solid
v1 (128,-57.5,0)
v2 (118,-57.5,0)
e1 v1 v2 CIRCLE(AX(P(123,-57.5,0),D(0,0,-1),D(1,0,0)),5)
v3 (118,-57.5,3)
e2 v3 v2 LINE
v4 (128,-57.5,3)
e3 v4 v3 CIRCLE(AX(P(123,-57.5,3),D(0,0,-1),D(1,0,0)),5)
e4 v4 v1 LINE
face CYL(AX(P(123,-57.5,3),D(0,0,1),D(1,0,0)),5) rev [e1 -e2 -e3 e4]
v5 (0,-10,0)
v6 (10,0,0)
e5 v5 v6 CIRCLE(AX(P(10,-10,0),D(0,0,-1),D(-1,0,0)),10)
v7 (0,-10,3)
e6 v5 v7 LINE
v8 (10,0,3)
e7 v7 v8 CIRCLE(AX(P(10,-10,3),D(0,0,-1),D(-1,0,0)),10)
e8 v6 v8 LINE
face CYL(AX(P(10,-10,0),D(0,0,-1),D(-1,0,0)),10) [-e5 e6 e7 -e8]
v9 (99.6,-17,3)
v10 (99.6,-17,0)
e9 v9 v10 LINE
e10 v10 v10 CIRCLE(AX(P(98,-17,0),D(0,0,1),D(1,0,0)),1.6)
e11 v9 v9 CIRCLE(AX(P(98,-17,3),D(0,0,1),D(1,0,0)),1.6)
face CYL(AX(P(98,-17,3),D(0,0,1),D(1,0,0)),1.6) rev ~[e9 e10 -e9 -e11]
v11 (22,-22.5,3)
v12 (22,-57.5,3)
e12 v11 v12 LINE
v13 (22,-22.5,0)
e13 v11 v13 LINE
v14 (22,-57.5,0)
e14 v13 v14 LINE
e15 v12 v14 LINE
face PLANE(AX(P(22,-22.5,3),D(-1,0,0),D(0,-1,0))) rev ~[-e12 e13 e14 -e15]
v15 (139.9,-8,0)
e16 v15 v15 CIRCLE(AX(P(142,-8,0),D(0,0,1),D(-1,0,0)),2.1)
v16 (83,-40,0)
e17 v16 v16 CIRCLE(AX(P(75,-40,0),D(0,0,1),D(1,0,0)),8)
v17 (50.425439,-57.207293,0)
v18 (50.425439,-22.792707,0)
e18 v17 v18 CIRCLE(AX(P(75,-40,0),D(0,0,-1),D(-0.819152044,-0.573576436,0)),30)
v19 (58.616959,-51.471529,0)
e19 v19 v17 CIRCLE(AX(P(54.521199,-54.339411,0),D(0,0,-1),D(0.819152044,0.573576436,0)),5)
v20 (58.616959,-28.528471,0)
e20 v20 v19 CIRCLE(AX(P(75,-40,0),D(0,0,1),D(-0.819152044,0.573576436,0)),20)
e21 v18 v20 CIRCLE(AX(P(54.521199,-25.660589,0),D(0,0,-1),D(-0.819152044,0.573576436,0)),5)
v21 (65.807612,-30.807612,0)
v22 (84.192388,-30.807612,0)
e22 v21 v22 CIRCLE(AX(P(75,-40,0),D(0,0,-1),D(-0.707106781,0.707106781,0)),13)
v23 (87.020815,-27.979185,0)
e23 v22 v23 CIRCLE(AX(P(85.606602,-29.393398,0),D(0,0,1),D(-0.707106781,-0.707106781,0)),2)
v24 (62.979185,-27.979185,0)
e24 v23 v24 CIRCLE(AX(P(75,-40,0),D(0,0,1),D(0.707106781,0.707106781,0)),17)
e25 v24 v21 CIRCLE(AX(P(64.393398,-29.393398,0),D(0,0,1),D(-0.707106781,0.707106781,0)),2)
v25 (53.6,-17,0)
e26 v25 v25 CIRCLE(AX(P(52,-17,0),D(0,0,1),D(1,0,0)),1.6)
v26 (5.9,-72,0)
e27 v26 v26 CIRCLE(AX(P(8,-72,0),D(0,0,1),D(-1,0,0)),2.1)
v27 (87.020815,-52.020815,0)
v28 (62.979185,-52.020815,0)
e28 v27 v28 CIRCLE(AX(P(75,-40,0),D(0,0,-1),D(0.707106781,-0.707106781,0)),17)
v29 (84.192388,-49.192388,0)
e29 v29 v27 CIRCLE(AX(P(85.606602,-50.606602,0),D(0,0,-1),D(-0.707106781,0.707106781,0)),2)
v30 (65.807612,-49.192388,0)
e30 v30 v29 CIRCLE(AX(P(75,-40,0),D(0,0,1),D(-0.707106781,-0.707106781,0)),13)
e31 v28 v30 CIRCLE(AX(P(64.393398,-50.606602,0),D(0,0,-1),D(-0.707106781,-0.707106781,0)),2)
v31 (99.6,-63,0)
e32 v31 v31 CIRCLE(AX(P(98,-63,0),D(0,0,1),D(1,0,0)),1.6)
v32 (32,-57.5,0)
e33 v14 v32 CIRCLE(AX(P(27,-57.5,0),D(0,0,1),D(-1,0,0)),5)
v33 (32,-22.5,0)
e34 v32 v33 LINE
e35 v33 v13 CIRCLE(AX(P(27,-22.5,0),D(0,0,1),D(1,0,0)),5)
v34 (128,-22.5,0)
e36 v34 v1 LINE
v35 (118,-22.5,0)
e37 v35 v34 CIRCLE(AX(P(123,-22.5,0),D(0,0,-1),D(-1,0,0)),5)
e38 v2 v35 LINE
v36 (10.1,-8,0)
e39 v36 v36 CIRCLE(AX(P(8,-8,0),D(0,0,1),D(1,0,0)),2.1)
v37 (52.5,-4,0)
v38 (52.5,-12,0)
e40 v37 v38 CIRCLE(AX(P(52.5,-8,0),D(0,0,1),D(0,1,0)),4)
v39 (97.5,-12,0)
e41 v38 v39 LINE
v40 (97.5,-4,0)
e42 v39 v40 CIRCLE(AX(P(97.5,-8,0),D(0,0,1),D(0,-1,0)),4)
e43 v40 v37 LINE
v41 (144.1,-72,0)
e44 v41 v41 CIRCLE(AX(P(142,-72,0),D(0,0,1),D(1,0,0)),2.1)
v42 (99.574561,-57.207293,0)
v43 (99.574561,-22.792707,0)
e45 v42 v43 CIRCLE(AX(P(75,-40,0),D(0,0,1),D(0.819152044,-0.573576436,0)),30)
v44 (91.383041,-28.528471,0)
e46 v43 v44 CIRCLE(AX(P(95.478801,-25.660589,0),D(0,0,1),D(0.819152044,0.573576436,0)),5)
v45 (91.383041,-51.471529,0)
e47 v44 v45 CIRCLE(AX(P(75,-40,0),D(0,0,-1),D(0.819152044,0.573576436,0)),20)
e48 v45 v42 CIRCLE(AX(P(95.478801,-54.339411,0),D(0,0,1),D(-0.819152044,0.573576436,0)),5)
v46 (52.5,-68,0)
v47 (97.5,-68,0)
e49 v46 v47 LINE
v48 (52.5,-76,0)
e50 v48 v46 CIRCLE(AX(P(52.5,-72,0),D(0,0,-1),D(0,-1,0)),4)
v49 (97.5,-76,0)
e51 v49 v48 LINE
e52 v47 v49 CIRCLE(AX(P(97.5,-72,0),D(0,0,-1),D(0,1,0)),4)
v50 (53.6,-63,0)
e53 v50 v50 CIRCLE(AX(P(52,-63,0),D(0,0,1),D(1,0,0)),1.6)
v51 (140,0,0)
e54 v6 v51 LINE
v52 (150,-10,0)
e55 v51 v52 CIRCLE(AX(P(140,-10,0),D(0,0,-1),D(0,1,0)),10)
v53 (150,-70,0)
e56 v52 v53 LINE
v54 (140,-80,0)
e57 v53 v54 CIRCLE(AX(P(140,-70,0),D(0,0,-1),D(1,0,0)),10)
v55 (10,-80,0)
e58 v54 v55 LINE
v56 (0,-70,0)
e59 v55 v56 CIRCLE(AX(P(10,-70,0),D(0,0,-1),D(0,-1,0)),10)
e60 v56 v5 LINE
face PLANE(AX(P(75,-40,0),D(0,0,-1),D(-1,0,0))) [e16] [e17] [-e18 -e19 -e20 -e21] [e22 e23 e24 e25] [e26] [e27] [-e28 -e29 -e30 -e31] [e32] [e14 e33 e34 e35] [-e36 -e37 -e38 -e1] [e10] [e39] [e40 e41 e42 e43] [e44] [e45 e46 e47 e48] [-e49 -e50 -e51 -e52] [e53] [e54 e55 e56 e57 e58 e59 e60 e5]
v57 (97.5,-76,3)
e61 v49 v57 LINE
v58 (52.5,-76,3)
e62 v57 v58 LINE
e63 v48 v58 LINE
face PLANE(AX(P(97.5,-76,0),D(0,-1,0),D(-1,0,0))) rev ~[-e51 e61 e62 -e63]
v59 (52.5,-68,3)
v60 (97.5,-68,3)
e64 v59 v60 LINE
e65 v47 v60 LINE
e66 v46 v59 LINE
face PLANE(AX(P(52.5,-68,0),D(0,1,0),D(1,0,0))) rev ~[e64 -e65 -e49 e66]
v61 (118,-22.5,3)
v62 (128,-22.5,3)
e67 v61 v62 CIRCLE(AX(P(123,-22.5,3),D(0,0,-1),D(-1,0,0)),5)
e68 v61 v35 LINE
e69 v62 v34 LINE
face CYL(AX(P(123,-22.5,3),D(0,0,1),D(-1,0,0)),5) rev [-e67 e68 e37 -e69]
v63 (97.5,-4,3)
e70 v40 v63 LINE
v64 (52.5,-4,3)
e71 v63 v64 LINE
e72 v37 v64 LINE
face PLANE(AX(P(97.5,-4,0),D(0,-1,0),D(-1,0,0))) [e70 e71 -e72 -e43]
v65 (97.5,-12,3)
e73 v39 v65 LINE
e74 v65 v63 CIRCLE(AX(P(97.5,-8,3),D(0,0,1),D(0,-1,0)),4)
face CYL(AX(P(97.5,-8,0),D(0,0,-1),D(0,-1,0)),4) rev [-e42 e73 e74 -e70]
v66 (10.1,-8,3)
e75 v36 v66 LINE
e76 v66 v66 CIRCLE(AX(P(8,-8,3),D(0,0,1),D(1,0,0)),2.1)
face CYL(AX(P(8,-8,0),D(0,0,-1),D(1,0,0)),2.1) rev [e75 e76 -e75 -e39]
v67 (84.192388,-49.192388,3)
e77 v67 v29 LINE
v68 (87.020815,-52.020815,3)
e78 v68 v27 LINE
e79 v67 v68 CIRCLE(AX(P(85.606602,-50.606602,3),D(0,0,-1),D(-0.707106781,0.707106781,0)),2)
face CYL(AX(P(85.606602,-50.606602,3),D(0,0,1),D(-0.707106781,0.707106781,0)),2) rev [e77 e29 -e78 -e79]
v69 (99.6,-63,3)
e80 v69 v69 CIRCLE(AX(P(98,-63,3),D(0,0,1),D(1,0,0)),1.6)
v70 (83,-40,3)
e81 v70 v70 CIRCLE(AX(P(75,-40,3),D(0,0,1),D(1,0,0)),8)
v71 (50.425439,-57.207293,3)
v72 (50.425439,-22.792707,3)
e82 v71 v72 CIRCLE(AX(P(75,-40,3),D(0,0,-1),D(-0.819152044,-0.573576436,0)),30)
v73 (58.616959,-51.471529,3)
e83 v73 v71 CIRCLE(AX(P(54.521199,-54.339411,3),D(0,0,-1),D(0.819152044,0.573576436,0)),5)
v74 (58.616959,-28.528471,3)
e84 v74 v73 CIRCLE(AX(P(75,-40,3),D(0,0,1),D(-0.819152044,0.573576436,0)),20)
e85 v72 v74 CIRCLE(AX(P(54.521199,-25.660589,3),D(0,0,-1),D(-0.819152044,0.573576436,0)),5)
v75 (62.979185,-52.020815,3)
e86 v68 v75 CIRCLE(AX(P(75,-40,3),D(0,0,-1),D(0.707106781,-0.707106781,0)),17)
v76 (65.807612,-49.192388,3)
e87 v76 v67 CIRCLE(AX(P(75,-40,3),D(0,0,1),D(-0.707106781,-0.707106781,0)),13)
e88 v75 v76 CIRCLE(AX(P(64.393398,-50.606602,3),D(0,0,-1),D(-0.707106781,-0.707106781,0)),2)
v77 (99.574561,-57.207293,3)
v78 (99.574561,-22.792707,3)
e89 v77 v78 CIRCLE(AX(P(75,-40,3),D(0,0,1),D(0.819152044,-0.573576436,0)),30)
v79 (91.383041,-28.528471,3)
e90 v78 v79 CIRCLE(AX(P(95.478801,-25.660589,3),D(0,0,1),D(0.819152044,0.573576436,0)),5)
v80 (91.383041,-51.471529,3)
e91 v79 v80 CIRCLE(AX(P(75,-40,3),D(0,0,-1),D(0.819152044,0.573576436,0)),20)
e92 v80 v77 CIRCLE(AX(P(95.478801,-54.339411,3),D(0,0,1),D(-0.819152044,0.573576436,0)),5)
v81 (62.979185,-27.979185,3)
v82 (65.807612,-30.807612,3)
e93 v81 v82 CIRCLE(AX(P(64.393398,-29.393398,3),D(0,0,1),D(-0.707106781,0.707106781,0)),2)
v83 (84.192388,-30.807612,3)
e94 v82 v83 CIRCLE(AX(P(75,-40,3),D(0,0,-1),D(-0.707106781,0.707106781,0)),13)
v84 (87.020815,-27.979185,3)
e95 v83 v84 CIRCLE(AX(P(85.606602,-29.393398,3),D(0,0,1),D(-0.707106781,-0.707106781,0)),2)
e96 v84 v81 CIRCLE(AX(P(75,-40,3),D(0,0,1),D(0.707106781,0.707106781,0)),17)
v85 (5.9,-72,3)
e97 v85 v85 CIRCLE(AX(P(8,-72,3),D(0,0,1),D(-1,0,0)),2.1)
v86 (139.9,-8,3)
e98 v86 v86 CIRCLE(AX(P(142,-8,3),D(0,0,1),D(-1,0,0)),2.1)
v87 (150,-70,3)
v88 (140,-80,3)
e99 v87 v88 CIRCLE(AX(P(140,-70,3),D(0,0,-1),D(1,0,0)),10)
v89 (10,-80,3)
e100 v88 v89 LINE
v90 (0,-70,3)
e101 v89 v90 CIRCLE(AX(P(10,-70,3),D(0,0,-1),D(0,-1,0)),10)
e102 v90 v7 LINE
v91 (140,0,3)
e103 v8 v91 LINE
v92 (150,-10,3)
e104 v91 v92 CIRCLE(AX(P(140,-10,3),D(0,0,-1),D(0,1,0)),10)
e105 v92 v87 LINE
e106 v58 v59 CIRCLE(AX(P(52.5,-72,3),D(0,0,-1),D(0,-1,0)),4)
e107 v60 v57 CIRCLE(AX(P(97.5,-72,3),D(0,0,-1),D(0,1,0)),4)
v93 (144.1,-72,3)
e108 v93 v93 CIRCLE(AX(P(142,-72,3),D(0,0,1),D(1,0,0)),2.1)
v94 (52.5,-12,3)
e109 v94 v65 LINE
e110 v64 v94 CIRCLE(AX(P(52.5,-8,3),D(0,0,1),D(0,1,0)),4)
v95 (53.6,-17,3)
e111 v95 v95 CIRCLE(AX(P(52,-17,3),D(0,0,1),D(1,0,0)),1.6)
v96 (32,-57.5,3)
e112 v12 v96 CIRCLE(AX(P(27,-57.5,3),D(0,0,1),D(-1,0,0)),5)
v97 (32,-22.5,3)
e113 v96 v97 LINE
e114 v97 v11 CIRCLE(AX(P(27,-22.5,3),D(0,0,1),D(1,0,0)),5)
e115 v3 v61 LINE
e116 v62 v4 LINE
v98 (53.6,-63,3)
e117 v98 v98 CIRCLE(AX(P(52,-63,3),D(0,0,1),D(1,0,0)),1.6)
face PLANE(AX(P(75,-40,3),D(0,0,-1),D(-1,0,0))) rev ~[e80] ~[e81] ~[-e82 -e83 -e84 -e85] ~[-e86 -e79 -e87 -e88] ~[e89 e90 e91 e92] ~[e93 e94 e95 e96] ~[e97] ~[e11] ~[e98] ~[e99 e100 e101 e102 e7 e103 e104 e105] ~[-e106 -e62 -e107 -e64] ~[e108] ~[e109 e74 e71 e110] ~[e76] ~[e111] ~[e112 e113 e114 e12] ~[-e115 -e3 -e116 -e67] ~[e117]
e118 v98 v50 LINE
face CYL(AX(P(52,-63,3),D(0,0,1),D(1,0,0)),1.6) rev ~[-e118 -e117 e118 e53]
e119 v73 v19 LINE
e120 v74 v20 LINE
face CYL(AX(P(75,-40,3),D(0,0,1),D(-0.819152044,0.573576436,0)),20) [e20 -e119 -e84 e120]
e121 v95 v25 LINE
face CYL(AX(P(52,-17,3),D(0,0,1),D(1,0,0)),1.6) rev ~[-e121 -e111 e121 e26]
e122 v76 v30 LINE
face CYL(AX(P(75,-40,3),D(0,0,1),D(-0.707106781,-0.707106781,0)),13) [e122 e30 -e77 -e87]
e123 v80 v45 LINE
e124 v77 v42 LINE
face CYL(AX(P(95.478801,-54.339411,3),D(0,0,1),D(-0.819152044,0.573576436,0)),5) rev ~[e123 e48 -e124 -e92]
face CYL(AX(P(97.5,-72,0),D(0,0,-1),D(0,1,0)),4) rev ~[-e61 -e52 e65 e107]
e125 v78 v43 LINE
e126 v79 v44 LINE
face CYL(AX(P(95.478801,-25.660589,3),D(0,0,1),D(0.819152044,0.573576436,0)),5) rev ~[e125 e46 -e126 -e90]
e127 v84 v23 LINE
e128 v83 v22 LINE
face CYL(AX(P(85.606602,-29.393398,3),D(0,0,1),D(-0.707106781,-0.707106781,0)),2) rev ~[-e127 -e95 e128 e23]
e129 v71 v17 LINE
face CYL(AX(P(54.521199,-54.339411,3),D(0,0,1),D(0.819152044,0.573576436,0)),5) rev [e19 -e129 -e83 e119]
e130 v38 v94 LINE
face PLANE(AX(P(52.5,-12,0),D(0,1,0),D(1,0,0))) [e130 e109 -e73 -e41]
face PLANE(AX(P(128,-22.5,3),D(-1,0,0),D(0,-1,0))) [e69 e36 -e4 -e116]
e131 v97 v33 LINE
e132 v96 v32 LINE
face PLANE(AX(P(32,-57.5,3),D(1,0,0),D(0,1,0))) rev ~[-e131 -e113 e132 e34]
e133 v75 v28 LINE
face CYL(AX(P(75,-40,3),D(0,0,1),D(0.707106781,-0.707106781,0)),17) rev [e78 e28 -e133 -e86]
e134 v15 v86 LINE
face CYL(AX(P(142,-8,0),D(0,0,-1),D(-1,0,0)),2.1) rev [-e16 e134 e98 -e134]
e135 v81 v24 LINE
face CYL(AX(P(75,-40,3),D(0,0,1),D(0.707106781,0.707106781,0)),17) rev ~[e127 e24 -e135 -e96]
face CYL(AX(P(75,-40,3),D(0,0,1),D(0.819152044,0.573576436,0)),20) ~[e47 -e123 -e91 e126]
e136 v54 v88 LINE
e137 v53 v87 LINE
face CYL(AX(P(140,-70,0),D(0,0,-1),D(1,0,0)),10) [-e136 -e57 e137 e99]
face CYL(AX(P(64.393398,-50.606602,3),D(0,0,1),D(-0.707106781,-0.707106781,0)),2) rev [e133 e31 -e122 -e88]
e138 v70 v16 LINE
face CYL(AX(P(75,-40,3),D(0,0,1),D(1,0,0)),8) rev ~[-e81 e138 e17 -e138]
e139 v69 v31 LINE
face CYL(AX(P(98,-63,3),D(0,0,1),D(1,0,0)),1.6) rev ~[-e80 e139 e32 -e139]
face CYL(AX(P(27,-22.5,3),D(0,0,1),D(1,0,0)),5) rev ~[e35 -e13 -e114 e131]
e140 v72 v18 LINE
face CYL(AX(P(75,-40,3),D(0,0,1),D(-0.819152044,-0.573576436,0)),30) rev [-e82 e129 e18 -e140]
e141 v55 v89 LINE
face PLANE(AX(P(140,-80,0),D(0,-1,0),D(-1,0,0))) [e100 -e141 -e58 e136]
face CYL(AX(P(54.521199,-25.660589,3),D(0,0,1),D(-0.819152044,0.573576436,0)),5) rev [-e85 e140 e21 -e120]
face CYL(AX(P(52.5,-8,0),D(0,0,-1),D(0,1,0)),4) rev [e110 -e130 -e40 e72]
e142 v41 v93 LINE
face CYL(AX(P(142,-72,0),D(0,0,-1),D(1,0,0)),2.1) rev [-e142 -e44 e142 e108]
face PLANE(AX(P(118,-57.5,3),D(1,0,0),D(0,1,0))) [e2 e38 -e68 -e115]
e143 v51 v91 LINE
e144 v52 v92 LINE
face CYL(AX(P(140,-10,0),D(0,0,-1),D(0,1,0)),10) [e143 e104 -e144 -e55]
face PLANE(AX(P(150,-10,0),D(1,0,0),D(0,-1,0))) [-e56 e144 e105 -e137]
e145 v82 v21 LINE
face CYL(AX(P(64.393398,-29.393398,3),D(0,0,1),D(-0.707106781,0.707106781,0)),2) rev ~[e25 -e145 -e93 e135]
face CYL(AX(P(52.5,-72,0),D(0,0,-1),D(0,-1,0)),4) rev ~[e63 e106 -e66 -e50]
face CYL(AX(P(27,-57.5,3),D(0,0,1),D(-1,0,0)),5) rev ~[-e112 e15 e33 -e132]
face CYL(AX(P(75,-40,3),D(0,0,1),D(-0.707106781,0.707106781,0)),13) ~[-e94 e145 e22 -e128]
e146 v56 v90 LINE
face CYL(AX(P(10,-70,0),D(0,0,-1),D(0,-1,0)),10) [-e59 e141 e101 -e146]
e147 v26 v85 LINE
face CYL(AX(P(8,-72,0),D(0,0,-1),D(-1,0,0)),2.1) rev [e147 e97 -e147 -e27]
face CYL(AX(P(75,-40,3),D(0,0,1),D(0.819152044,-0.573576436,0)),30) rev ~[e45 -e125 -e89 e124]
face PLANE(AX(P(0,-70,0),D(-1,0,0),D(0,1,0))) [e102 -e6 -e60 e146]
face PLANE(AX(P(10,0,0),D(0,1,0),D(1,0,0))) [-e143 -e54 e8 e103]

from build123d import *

# Parameters (mm, degrees)
SKETCH_1_R          = 2.1
EXTRUDE_1_DEPTH     = 3
SKETCH_2_R          = 1.6
SKETCH_2_R_2        = 8
CUT_EXTRUDE_1_DEPTH = 3
CUT_EXTRUDE_2_DEPTH = 3
CUT_EXTRUDE_3_DEPTH = 3


with BuildPart() as part:
    # 草图1 → 凸台-拉伸1 (new body)
    with BuildSketch(Plane.XY):
        with BuildLine():
            Line((10, 0), (140, 0))
            ThreePointArc((140, 0), (147.071067812, -2.928932188), (150, -10))
            Line((150, -10), (150, -70))
            ThreePointArc((150, -70), (147.071067812, -77.071067812), (140, -80))
            Line((140, -80), (10, -80))
            ThreePointArc((10, -80), (2.928932188, -77.071067812), (0, -70))
            Line((0, -70), (0, -10))
            ThreePointArc((0, -10), (2.928932188, -2.928932188), (10, 0))
        make_face()
        with Locations((8, -8)):
            Circle(SKETCH_1_R, mode=Mode.SUBTRACT)
        with Locations(Location((8, -72, 0), (0, 0, 180))):
            Circle(SKETCH_1_R, mode=Mode.SUBTRACT)
        with Locations((142, -72)):
            Circle(SKETCH_1_R, mode=Mode.SUBTRACT)
        with Locations(Location((142, -8, 0), (0, 0, 180))):
            Circle(SKETCH_1_R, mode=Mode.SUBTRACT)
    extrude(amount=EXTRUDE_1_DEPTH)

    # 草图2 → 切除-拉伸1 (cut)
    with BuildSketch(Plane.XY.offset(3)):
        with Locations((52, -17)):
            Circle(SKETCH_2_R)
        with Locations((98, -17)):
            Circle(SKETCH_2_R)
        with Locations((98, -63)):
            Circle(SKETCH_2_R)
        with Locations((52, -63)):
            Circle(SKETCH_2_R)
        with Locations((75, -40)):
            Circle(SKETCH_2_R_2)
        with BuildLine():
            ThreePointArc((87.02081528, -27.97918472), (75, -23), (62.97918472, -27.97918472))
            ThreePointArc((62.97918472, -27.97918472), (62.97918472, -30.807611845), (65.807611845, -30.807611845))
            ThreePointArc((65.807611845, -30.807611845), (75, -27), (84.192388155, -30.807611845))
            ThreePointArc((84.192388155, -30.807611845), (87.02081528, -30.807611845), (87.02081528, -27.97918472))
        make_face()
        with BuildLine():
            ThreePointArc((87.02081528, -52.02081528), (75, -57), (62.97918472, -52.02081528))
            ThreePointArc((62.97918472, -52.02081528), (62.97918472, -49.192388155), (65.807611845, -49.192388155))
            ThreePointArc((65.807611845, -49.192388155), (75, -53), (84.192388155, -49.192388155))
            ThreePointArc((84.192388155, -49.192388155), (87.02081528, -49.192388155), (87.02081528, -52.02081528))
        make_face()
    extrude(amount=-CUT_EXTRUDE_1_DEPTH, mode=Mode.SUBTRACT)

    # 草图3 → 切除-拉伸2 (cut)
    with BuildSketch(Plane.XY.offset(3)):
        with BuildLine():
            Line((128, -22.5), (128, -57.5))
            ThreePointArc((128, -57.5), (123, -62.5), (118, -57.5))
            Line((118, -57.5), (118, -22.5))
            ThreePointArc((118, -22.5), (123, -17.5), (128, -22.5))
        make_face()
        with BuildLine():
            Line((22, -22.5), (22, -57.5))
            ThreePointArc((22, -57.5), (27, -62.5), (32, -57.5))
            Line((32, -57.5), (32, -22.5))
            ThreePointArc((32, -22.5), (27, -17.5), (22, -22.5))
        make_face()
        with BuildLine():
            ThreePointArc((99.574561329, -57.207293091), (105, -40), (99.574561329, -22.792706909))
            ThreePointArc((99.574561329, -22.792706909), (92.610918925, -21.56482887), (91.383040886, -28.528471273))
            ThreePointArc((91.383040886, -28.528471273), (95, -40), (91.383040886, -51.471528727))
            ThreePointArc((91.383040886, -51.471528727), (92.610918925, -58.43517113), (99.574561329, -57.207293091))
        make_face()
        with BuildLine():
            ThreePointArc((50.425438671, -57.207293091), (45, -40), (50.425438671, -22.792706909))
            ThreePointArc((50.425438671, -22.792706909), (57.389081075, -21.56482887), (58.616959114, -28.528471273))
            ThreePointArc((58.616959114, -28.528471273), (55, -40), (58.616959114, -51.471528727))
            ThreePointArc((58.616959114, -51.471528727), (57.389081075, -58.43517113), (50.425438671, -57.207293091))
        make_face()
    extrude(amount=-CUT_EXTRUDE_2_DEPTH, mode=Mode.SUBTRACT)

    # 草图4 → 切除-拉伸3 (cut)
    with BuildSketch(Plane(origin=(0, 0, 0), x_dir=(-1, 0, 0), z_dir=(0, 0, -1))):
        with BuildLine():
            Line((-97.5, -4), (-52.5, -4))
            ThreePointArc((-52.5, -4), (-48.5, -8), (-52.5, -12))
            Line((-52.5, -12), (-97.5, -12))
            ThreePointArc((-97.5, -12), (-101.5, -8), (-97.5, -4))
        make_face()
        with BuildLine():
            Line((-97.5, -76), (-52.5, -76))
            ThreePointArc((-52.5, -76), (-48.5, -72), (-52.5, -68))
            Line((-52.5, -68), (-97.5, -68))
            ThreePointArc((-97.5, -68), (-101.5, -72), (-97.5, -76))
        make_face()
    extrude(amount=-CUT_EXTRUDE_3_DEPTH, mode=Mode.SUBTRACT)


solid = part.part
